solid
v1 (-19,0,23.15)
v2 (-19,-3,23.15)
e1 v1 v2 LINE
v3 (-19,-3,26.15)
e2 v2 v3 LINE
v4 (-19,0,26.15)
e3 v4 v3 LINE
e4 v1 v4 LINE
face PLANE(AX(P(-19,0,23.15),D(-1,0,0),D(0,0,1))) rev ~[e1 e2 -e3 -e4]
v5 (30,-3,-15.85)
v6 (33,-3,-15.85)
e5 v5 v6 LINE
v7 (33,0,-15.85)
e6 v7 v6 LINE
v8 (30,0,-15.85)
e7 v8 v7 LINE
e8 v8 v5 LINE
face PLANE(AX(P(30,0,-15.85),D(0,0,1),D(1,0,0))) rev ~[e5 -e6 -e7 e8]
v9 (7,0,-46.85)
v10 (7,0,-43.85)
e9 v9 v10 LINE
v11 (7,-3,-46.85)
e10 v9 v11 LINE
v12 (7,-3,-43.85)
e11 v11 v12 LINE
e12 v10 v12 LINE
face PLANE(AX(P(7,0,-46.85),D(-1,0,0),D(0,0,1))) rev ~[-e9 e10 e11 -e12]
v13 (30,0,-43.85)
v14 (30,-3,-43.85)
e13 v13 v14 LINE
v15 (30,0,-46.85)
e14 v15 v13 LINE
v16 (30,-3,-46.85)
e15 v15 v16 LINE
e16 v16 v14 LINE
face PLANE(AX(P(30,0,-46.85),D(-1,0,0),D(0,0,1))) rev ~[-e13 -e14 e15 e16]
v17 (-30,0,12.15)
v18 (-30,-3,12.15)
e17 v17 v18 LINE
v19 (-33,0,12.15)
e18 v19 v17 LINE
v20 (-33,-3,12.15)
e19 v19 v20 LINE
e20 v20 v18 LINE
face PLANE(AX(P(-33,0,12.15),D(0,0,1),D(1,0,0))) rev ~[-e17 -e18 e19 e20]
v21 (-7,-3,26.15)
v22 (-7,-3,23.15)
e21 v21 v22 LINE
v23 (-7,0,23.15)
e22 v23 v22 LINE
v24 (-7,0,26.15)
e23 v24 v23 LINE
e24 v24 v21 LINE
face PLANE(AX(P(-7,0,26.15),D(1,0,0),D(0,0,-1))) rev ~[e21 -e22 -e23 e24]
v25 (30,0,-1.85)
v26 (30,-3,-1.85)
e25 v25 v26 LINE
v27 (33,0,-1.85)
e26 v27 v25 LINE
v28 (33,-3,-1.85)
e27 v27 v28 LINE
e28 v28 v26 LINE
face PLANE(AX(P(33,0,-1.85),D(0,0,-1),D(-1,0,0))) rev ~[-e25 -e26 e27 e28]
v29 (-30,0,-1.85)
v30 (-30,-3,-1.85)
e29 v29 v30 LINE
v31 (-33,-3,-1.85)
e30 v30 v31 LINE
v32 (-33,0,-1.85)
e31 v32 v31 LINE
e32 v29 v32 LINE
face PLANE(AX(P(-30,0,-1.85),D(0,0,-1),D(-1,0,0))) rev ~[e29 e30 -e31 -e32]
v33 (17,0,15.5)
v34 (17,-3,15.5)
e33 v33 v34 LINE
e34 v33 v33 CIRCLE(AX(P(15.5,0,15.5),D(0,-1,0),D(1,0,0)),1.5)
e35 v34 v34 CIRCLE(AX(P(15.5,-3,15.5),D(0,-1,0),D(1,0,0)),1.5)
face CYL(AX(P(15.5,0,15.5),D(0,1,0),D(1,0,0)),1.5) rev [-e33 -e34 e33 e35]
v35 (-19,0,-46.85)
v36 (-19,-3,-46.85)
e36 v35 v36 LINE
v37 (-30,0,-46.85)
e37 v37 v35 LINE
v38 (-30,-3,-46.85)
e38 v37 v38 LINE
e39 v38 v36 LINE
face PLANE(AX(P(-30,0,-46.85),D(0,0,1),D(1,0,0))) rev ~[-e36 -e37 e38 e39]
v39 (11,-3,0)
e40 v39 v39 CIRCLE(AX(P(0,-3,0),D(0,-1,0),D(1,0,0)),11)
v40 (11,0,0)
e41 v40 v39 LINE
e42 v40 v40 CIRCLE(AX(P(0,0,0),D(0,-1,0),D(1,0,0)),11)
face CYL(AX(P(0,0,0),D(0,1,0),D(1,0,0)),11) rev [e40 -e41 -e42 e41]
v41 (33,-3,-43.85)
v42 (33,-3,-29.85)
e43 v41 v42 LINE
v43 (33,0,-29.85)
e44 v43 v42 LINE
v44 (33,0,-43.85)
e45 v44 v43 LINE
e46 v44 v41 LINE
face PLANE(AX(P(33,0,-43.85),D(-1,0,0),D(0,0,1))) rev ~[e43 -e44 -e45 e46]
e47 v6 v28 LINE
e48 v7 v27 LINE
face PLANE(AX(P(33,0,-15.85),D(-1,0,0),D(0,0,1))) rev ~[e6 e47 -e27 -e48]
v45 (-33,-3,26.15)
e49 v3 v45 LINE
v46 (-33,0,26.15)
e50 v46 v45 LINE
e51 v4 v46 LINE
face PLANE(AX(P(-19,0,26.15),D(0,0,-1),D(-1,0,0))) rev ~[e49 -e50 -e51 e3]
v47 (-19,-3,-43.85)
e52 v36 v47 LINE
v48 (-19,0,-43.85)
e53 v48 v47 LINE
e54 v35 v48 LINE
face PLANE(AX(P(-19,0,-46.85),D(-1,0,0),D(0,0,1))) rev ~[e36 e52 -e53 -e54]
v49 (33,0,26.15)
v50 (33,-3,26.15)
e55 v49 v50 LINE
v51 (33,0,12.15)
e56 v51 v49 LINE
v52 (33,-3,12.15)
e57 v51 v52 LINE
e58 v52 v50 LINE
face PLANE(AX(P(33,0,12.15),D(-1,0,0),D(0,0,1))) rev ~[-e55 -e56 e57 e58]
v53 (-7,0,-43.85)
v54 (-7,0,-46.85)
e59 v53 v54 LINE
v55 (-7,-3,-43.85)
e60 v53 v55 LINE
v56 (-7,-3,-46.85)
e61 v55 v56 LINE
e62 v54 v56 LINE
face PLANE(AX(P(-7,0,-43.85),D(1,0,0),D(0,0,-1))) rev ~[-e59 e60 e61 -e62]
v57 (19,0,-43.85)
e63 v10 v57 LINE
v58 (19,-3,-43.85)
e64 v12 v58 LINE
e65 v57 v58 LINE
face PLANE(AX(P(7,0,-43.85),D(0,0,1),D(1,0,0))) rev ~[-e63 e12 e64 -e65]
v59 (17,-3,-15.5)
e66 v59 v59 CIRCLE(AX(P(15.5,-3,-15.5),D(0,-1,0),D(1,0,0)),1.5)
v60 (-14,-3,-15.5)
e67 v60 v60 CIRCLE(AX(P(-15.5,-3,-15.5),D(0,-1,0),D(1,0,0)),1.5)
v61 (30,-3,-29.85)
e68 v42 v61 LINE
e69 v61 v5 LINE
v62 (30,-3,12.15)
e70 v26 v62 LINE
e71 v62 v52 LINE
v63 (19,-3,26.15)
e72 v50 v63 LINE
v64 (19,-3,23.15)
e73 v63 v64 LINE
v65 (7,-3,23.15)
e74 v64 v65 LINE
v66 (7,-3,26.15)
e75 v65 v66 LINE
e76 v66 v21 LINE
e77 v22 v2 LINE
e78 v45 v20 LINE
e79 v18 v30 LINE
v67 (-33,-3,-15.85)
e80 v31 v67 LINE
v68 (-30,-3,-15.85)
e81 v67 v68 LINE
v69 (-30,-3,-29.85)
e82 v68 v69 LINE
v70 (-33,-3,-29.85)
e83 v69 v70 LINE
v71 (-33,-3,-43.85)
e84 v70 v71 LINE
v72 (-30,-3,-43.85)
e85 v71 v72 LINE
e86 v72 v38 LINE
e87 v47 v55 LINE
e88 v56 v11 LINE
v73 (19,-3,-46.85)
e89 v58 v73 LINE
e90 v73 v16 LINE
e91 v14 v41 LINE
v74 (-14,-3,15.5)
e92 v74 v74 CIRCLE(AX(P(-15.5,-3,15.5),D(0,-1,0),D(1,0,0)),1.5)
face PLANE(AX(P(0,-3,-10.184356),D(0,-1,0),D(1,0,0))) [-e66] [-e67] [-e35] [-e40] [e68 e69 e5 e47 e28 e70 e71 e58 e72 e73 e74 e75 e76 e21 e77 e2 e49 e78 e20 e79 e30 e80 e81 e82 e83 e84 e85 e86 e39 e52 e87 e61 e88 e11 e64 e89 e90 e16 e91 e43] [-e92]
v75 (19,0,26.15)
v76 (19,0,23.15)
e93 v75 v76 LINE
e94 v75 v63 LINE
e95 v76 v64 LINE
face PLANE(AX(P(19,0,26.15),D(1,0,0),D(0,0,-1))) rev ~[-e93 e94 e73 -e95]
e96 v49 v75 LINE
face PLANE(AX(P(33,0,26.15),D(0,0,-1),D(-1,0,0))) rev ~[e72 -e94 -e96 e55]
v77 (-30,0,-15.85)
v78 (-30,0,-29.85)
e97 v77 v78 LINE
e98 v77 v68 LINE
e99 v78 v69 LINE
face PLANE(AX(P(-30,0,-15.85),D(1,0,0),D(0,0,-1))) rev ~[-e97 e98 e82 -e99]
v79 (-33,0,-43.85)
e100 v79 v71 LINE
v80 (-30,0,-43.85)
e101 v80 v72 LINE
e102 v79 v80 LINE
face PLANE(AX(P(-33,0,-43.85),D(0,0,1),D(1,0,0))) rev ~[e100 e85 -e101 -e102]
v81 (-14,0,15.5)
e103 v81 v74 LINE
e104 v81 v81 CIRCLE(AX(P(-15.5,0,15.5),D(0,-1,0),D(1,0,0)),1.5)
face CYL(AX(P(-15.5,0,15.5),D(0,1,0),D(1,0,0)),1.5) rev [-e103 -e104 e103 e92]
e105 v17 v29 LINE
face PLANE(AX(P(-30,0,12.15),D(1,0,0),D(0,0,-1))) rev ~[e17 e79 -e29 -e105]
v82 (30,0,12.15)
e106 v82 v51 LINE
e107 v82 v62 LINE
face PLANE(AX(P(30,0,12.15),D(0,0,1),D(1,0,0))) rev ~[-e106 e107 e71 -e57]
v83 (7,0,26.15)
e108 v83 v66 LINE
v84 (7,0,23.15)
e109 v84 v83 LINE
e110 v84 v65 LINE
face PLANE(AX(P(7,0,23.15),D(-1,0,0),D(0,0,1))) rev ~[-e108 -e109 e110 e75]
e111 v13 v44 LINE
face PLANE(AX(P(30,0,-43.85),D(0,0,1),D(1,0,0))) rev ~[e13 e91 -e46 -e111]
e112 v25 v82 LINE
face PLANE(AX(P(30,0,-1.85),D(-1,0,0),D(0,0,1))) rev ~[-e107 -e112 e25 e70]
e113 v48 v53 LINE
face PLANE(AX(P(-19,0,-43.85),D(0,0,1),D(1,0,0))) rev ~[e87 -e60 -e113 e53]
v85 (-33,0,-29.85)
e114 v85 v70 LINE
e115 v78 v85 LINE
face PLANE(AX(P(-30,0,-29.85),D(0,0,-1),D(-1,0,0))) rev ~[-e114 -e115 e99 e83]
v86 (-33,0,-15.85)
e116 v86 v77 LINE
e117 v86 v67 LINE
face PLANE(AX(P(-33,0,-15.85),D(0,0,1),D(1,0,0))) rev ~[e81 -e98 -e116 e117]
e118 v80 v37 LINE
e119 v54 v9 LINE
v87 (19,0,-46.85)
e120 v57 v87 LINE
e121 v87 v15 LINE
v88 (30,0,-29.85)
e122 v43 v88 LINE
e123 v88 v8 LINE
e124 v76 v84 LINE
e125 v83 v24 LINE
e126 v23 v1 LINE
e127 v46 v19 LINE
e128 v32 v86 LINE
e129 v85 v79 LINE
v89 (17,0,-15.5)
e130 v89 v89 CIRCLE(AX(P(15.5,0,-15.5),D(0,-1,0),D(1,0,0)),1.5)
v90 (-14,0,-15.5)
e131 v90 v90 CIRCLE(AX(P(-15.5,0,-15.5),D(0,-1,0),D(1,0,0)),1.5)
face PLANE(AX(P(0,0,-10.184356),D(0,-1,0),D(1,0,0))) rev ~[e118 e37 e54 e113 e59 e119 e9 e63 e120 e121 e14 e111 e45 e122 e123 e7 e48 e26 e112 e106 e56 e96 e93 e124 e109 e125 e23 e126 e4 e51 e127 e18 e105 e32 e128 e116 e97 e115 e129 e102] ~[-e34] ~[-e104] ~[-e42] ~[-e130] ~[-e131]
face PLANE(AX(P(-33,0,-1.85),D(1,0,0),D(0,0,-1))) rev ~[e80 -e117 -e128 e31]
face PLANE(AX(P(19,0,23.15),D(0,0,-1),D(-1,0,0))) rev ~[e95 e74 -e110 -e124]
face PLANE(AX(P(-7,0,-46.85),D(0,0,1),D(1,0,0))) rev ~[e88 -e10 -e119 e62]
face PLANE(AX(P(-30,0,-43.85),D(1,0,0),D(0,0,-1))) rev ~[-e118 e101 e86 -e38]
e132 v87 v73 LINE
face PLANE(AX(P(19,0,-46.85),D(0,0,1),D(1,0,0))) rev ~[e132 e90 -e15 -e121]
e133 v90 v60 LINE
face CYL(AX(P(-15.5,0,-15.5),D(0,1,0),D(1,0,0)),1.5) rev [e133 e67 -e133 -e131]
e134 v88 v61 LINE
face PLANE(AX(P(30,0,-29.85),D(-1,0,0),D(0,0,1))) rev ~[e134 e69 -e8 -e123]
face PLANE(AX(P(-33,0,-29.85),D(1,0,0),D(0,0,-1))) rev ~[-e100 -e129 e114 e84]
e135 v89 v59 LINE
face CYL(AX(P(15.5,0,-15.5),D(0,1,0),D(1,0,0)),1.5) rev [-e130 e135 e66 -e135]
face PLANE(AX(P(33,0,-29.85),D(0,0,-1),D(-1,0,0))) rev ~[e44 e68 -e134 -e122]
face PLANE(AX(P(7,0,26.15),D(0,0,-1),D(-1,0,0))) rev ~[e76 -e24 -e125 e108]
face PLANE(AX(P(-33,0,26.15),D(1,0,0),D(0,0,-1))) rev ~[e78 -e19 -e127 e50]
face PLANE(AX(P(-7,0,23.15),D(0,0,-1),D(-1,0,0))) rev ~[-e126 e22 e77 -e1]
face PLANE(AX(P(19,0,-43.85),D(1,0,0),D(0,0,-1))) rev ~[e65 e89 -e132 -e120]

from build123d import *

# Parameters (mm, degrees)
F0_R     = 1.5
F0_R_2   = 11
F1_DEPTH = 3


with BuildPart() as f1:
    # F0 (on Front) → F1 (new body)
    with BuildSketch(Plane.XZ):
        Polygon((30, 12.15), (33, 12.15), (33, 26.15), (19, 26.15), (19, 23.15), (7, 23.15), (7, 26.15), (-7, 26.15), (-7, 23.15), (-19, 23.15), (-19, 26.15), (-33, 26.15), (-33, 12.15), (-30, 12.15), (-30, -1.85), (-33, -1.85), (-33, -15.85), (-30, -15.85), (-30, -29.85), (-33, -29.85), (-33, -43.85), (-30, -43.85), (-30, -46.85), (-19, -46.85), (-19, -43.85), (-7, -43.85), (-7, -46.85), (7, -46.85), (7, -43.85), (19, -43.85), (19, -46.85), (30, -46.85), (30, -43.85), (33, -43.85), (33, -29.85), (30, -29.85), (30, -15.85), (33, -15.85), (33, -1.85), (30, -1.85), align=None)
        with Locations((-15.5, -15.5)):
            Circle(F0_R, mode=Mode.SUBTRACT)
        with Locations((15.5, -15.5)):
            Circle(F0_R, mode=Mode.SUBTRACT)
        with Locations((-15.5, 15.5)):
            Circle(F0_R, mode=Mode.SUBTRACT)
        Circle(F0_R_2, mode=Mode.SUBTRACT)
        with Locations((15.5, 15.5)):
            Circle(F0_R, mode=Mode.SUBTRACT)
    extrude(amount=F1_DEPTH)


solid = f1.part
